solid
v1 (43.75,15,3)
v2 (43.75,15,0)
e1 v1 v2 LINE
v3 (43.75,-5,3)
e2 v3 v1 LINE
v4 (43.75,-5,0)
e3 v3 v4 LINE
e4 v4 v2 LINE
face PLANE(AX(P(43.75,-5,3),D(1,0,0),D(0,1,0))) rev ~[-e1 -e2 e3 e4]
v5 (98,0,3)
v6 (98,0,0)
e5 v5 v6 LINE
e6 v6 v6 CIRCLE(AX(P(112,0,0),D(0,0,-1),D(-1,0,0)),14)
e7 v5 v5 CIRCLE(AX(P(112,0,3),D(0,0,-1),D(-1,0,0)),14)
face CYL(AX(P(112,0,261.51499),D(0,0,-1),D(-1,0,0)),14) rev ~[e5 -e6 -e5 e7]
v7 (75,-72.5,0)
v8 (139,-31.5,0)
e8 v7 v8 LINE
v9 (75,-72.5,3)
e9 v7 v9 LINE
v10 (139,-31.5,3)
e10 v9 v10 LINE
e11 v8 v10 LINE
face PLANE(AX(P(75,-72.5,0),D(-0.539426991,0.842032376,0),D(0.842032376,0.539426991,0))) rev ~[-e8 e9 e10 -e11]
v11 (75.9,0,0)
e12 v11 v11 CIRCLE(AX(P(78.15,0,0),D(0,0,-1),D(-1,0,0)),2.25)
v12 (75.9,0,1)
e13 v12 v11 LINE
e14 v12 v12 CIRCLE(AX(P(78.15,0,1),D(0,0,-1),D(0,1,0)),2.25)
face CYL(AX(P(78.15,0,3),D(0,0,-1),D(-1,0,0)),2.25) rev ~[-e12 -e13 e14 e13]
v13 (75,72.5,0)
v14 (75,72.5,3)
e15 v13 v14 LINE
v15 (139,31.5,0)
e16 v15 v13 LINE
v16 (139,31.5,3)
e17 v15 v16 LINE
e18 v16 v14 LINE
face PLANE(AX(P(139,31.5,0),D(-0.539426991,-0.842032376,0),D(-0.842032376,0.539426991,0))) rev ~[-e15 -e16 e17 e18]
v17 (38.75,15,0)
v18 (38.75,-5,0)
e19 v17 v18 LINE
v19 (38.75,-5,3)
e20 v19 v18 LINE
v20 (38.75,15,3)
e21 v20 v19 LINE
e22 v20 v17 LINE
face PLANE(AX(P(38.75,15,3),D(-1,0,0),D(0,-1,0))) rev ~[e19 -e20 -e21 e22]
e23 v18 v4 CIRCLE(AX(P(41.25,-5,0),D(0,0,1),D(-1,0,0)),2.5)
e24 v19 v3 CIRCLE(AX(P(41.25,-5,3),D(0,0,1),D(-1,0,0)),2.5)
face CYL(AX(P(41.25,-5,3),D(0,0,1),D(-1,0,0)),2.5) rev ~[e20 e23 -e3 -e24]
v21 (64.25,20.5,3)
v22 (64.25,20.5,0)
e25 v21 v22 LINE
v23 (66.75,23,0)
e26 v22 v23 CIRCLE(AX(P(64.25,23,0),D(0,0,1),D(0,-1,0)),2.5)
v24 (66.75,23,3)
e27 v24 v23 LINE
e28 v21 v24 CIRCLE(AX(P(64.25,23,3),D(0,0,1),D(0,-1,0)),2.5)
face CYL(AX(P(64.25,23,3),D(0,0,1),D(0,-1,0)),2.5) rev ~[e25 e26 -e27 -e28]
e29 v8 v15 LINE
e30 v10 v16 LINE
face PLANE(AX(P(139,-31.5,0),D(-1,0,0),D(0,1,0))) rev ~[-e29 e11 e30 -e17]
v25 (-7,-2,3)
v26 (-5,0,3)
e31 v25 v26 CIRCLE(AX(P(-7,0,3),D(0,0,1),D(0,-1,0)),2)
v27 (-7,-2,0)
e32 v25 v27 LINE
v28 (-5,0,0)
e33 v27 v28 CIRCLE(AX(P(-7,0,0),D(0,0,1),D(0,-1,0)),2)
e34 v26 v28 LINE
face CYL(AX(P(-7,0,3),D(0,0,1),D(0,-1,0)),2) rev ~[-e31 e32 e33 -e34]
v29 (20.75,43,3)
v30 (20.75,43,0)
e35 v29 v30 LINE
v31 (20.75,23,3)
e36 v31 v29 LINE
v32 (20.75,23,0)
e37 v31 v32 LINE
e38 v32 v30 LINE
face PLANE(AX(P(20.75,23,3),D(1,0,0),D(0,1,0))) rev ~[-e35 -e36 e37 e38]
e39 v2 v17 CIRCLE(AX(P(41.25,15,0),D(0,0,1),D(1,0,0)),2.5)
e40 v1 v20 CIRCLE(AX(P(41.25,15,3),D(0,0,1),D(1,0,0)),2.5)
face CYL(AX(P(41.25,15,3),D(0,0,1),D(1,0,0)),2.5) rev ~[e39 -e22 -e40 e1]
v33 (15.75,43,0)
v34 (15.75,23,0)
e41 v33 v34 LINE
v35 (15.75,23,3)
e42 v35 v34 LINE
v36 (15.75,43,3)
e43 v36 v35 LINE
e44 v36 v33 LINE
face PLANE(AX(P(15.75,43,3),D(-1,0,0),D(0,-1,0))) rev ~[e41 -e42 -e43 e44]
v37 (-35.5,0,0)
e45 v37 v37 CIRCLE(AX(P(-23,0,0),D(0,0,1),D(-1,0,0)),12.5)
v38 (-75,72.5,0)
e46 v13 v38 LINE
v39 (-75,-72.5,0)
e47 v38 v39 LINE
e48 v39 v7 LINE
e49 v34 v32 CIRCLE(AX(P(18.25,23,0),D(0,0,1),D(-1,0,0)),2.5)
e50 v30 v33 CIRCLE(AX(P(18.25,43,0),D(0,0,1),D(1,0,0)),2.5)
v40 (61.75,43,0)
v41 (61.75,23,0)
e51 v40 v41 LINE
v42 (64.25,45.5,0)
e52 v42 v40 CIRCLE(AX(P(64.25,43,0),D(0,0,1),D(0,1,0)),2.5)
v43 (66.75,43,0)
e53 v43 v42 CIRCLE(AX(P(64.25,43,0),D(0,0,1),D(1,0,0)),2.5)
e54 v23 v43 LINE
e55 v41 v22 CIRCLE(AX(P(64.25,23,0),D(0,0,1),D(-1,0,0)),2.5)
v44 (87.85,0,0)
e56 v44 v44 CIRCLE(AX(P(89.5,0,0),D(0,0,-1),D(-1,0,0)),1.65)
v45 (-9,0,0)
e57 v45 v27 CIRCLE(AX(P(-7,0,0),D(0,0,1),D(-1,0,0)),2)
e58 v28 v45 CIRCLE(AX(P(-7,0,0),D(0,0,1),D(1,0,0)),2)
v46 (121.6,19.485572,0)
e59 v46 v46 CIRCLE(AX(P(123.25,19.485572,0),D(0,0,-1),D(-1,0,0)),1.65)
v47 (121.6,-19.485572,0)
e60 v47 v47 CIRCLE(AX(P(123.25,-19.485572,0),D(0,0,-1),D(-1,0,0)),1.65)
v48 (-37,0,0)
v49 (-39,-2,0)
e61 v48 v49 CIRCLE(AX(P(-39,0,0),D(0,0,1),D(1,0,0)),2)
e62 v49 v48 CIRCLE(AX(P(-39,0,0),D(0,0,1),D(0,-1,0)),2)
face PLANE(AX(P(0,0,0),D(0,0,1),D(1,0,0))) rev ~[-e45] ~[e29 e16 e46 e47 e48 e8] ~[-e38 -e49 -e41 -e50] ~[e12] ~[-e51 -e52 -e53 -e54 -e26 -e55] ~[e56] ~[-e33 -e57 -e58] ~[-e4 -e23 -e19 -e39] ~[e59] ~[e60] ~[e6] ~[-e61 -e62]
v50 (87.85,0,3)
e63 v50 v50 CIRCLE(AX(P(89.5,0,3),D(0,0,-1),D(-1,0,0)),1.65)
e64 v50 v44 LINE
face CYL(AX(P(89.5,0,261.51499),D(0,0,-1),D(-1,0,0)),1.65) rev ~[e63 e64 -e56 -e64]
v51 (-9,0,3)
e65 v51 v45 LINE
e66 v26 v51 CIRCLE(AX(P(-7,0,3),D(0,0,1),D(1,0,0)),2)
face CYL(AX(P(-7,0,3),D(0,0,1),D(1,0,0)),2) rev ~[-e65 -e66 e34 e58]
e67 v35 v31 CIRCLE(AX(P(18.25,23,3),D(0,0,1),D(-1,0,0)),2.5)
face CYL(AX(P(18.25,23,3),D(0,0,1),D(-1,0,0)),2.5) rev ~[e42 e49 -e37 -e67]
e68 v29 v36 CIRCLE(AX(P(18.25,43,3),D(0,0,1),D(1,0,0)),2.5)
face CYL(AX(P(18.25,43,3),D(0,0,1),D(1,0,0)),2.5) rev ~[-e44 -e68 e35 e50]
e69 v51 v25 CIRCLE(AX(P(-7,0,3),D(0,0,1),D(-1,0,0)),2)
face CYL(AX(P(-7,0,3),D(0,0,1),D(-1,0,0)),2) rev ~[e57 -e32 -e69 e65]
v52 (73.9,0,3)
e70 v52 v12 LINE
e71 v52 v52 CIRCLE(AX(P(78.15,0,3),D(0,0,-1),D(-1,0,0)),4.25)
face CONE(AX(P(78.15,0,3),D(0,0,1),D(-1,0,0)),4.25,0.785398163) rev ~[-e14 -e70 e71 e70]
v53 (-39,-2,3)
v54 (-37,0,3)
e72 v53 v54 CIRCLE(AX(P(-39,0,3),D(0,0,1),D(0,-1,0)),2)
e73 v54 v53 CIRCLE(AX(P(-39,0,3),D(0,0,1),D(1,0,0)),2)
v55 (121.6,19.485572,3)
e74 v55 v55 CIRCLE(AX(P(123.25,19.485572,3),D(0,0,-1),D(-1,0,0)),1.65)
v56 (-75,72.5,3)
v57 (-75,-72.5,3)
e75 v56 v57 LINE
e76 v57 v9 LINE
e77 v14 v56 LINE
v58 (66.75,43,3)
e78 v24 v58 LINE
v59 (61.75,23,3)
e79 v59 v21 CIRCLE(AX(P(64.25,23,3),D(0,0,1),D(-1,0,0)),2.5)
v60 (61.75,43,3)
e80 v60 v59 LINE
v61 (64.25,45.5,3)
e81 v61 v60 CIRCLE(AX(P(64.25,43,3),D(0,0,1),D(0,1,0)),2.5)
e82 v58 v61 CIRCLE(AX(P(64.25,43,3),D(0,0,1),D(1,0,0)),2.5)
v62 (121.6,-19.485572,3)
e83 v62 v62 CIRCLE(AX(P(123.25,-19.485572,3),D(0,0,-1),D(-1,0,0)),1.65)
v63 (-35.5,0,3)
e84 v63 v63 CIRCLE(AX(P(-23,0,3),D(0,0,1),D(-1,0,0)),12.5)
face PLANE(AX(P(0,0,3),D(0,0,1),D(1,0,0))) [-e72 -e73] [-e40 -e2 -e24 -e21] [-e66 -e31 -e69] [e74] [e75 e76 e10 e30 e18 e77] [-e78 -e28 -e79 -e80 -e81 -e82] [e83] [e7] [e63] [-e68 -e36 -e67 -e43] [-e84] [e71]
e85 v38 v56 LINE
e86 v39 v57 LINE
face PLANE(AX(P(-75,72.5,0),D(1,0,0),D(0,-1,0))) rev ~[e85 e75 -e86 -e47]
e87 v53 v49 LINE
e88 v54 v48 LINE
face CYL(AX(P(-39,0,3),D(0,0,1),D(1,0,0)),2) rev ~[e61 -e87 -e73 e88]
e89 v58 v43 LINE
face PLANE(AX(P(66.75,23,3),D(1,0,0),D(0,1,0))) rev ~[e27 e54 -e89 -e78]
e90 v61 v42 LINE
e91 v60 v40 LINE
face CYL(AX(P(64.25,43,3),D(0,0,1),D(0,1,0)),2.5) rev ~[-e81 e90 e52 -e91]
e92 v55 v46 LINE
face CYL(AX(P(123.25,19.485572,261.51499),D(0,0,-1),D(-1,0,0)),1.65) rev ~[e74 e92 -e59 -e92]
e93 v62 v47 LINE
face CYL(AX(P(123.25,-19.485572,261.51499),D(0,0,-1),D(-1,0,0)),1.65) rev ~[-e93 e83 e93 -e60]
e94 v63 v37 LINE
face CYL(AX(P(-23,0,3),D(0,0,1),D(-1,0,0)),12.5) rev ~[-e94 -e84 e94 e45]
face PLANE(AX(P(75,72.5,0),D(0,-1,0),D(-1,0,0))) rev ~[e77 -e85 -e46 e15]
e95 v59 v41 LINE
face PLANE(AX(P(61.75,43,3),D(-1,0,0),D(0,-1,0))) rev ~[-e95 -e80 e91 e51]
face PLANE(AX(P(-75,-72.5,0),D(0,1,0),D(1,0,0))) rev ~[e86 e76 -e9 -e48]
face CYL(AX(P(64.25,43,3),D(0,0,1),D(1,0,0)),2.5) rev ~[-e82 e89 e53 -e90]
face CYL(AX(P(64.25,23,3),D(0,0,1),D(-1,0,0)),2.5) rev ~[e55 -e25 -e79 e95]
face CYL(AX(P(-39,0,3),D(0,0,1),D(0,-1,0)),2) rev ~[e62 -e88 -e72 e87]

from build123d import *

# Parameters (mm, degrees)
F1_DEPTH        = 3
F3_D            = 28
F5_D            = 3.3
F7_DEPTH        = 3
F9_DEPTH        = 3
F11_D           = 4.5
F11_CSINK_D     = 8.5
F11_CSINK_ANGLE = 90


with BuildPart() as f1:
    # F0 (on Top) → F1 (new body)
    with BuildSketch(Plane.XY):
        Polygon((75, 0), (75, 72.5), (-75, 72.5), (-75, -72.5), (75, -72.5), align=None)
        Polygon((139, 31.5), (75, 72.5), (75, 0), (139, 0), align=None)
        Polygon((139, 0), (75, 0), (75, -72.5), (139, -31.5), align=None)
    extrude(amount=F1_DEPTH)

    # F3 (through all)
    with Locations(Plane.XY.offset(3)):
        with Locations((112, 0)):
            Hole(F3_D / 2)

    # F5 (through all)
    with Locations(Plane.XY.offset(3)):
        with Locations((89.5, 0), (123.25, -19.4855715851), (123.25, 19.4855715851)):
            Hole(F5_D / 2)

    # F6 (on face) → F7 (cut, through all)
    with BuildSketch(Plane.XY.offset(3)):
        with BuildLine():
            Line((-37, 0), (-39, 0))
            Line((-39, 0), (-39, -2))
            ThreePointArc((-39, -2), (-37.5857864376, -1.4142135624), (-37, 0))
        make_face()
        with BuildLine():
            Line((-39, -2), (-39, 0))
            Line((-39, 0), (-37, 0))
            ThreePointArc((-37, 0), (-40.4142135624, 1.4142135624), (-39, -2))
        make_face()
        with BuildLine():
            ThreePointArc((-5, 0), (-7, 2), (-9, 0))
            Line((-9, 0), (-7, 0))
            Line((-7, 0), (-7, -2))
            ThreePointArc((-7, -2), (-5.5857864376, -1.4142135624), (-5, 0))
        make_face()
        with BuildLine():
            Line((-7, 0), (-9, 0))
            ThreePointArc((-9, 0), (-8.4142135624, -1.4142135624), (-7, -2))
            Line((-7, -2), (-7, 0))
        make_face()
        with BuildLine():
            ThreePointArc((-10.5, 0), (-23, 12.5), (-35.5, 0))
            Line((-35.5, 0), (-10.5, 0))
        make_face()
        with BuildLine():
            Line((-10.5, 0), (-35.5, 0))
            ThreePointArc((-35.5, 0), (-23, -12.5), (-10.5, 0))
        make_face()
    extrude(amount=-F7_DEPTH, mode=Mode.SUBTRACT)

    # F8 (on face) → F9 (cut, through all)
    with BuildSketch(Plane.XY.offset(3)):
        with BuildLine():
            Line((38.75, 15), (38.75, -5))
            ThreePointArc((38.75, -5), (41.25, -7.5), (43.75, -5))
            Line((43.75, -5), (43.75, 15))
            ThreePointArc((43.75, 15), (41.25, 17.5), (38.75, 15))
        make_face()
        with BuildLine():
            ThreePointArc((61.75, 23), (62.482233047, 21.232233047), (64.25, 20.5))
            Line((64.25, 20.5), (64.25, 45.5))
            ThreePointArc((64.25, 45.5), (62.482233047, 44.767766953), (61.75, 43))
            Line((61.75, 43), (61.75, 23))
        make_face()
        with BuildLine():
            Line((64.25, 45.5), (64.25, 20.5))
            ThreePointArc((64.25, 20.5), (66.017766953, 21.232233047), (66.75, 23))
            Line((66.75, 23), (66.75, 43))
            ThreePointArc((66.75, 43), (66.017766953, 44.767766953), (64.25, 45.5))
        make_face()
        with BuildLine():
            Line((20.75, 23), (20.75, 43))
            ThreePointArc((20.75, 43), (18.25, 45.5), (15.75, 43))
            Line((15.75, 43), (15.75, 23))
            ThreePointArc((15.75, 23), (18.25, 20.5), (20.75, 23))
        make_face()
    extrude(amount=-F9_DEPTH, mode=Mode.SUBTRACT)

    # F11 (through all)
    with Locations(Plane.XY.offset(3)):
        with Locations((78.15, 0)):
            CounterSinkHole(F11_D / 2, F11_CSINK_D / 2, counter_sink_angle=F11_CSINK_ANGLE)


solid = f1.part
